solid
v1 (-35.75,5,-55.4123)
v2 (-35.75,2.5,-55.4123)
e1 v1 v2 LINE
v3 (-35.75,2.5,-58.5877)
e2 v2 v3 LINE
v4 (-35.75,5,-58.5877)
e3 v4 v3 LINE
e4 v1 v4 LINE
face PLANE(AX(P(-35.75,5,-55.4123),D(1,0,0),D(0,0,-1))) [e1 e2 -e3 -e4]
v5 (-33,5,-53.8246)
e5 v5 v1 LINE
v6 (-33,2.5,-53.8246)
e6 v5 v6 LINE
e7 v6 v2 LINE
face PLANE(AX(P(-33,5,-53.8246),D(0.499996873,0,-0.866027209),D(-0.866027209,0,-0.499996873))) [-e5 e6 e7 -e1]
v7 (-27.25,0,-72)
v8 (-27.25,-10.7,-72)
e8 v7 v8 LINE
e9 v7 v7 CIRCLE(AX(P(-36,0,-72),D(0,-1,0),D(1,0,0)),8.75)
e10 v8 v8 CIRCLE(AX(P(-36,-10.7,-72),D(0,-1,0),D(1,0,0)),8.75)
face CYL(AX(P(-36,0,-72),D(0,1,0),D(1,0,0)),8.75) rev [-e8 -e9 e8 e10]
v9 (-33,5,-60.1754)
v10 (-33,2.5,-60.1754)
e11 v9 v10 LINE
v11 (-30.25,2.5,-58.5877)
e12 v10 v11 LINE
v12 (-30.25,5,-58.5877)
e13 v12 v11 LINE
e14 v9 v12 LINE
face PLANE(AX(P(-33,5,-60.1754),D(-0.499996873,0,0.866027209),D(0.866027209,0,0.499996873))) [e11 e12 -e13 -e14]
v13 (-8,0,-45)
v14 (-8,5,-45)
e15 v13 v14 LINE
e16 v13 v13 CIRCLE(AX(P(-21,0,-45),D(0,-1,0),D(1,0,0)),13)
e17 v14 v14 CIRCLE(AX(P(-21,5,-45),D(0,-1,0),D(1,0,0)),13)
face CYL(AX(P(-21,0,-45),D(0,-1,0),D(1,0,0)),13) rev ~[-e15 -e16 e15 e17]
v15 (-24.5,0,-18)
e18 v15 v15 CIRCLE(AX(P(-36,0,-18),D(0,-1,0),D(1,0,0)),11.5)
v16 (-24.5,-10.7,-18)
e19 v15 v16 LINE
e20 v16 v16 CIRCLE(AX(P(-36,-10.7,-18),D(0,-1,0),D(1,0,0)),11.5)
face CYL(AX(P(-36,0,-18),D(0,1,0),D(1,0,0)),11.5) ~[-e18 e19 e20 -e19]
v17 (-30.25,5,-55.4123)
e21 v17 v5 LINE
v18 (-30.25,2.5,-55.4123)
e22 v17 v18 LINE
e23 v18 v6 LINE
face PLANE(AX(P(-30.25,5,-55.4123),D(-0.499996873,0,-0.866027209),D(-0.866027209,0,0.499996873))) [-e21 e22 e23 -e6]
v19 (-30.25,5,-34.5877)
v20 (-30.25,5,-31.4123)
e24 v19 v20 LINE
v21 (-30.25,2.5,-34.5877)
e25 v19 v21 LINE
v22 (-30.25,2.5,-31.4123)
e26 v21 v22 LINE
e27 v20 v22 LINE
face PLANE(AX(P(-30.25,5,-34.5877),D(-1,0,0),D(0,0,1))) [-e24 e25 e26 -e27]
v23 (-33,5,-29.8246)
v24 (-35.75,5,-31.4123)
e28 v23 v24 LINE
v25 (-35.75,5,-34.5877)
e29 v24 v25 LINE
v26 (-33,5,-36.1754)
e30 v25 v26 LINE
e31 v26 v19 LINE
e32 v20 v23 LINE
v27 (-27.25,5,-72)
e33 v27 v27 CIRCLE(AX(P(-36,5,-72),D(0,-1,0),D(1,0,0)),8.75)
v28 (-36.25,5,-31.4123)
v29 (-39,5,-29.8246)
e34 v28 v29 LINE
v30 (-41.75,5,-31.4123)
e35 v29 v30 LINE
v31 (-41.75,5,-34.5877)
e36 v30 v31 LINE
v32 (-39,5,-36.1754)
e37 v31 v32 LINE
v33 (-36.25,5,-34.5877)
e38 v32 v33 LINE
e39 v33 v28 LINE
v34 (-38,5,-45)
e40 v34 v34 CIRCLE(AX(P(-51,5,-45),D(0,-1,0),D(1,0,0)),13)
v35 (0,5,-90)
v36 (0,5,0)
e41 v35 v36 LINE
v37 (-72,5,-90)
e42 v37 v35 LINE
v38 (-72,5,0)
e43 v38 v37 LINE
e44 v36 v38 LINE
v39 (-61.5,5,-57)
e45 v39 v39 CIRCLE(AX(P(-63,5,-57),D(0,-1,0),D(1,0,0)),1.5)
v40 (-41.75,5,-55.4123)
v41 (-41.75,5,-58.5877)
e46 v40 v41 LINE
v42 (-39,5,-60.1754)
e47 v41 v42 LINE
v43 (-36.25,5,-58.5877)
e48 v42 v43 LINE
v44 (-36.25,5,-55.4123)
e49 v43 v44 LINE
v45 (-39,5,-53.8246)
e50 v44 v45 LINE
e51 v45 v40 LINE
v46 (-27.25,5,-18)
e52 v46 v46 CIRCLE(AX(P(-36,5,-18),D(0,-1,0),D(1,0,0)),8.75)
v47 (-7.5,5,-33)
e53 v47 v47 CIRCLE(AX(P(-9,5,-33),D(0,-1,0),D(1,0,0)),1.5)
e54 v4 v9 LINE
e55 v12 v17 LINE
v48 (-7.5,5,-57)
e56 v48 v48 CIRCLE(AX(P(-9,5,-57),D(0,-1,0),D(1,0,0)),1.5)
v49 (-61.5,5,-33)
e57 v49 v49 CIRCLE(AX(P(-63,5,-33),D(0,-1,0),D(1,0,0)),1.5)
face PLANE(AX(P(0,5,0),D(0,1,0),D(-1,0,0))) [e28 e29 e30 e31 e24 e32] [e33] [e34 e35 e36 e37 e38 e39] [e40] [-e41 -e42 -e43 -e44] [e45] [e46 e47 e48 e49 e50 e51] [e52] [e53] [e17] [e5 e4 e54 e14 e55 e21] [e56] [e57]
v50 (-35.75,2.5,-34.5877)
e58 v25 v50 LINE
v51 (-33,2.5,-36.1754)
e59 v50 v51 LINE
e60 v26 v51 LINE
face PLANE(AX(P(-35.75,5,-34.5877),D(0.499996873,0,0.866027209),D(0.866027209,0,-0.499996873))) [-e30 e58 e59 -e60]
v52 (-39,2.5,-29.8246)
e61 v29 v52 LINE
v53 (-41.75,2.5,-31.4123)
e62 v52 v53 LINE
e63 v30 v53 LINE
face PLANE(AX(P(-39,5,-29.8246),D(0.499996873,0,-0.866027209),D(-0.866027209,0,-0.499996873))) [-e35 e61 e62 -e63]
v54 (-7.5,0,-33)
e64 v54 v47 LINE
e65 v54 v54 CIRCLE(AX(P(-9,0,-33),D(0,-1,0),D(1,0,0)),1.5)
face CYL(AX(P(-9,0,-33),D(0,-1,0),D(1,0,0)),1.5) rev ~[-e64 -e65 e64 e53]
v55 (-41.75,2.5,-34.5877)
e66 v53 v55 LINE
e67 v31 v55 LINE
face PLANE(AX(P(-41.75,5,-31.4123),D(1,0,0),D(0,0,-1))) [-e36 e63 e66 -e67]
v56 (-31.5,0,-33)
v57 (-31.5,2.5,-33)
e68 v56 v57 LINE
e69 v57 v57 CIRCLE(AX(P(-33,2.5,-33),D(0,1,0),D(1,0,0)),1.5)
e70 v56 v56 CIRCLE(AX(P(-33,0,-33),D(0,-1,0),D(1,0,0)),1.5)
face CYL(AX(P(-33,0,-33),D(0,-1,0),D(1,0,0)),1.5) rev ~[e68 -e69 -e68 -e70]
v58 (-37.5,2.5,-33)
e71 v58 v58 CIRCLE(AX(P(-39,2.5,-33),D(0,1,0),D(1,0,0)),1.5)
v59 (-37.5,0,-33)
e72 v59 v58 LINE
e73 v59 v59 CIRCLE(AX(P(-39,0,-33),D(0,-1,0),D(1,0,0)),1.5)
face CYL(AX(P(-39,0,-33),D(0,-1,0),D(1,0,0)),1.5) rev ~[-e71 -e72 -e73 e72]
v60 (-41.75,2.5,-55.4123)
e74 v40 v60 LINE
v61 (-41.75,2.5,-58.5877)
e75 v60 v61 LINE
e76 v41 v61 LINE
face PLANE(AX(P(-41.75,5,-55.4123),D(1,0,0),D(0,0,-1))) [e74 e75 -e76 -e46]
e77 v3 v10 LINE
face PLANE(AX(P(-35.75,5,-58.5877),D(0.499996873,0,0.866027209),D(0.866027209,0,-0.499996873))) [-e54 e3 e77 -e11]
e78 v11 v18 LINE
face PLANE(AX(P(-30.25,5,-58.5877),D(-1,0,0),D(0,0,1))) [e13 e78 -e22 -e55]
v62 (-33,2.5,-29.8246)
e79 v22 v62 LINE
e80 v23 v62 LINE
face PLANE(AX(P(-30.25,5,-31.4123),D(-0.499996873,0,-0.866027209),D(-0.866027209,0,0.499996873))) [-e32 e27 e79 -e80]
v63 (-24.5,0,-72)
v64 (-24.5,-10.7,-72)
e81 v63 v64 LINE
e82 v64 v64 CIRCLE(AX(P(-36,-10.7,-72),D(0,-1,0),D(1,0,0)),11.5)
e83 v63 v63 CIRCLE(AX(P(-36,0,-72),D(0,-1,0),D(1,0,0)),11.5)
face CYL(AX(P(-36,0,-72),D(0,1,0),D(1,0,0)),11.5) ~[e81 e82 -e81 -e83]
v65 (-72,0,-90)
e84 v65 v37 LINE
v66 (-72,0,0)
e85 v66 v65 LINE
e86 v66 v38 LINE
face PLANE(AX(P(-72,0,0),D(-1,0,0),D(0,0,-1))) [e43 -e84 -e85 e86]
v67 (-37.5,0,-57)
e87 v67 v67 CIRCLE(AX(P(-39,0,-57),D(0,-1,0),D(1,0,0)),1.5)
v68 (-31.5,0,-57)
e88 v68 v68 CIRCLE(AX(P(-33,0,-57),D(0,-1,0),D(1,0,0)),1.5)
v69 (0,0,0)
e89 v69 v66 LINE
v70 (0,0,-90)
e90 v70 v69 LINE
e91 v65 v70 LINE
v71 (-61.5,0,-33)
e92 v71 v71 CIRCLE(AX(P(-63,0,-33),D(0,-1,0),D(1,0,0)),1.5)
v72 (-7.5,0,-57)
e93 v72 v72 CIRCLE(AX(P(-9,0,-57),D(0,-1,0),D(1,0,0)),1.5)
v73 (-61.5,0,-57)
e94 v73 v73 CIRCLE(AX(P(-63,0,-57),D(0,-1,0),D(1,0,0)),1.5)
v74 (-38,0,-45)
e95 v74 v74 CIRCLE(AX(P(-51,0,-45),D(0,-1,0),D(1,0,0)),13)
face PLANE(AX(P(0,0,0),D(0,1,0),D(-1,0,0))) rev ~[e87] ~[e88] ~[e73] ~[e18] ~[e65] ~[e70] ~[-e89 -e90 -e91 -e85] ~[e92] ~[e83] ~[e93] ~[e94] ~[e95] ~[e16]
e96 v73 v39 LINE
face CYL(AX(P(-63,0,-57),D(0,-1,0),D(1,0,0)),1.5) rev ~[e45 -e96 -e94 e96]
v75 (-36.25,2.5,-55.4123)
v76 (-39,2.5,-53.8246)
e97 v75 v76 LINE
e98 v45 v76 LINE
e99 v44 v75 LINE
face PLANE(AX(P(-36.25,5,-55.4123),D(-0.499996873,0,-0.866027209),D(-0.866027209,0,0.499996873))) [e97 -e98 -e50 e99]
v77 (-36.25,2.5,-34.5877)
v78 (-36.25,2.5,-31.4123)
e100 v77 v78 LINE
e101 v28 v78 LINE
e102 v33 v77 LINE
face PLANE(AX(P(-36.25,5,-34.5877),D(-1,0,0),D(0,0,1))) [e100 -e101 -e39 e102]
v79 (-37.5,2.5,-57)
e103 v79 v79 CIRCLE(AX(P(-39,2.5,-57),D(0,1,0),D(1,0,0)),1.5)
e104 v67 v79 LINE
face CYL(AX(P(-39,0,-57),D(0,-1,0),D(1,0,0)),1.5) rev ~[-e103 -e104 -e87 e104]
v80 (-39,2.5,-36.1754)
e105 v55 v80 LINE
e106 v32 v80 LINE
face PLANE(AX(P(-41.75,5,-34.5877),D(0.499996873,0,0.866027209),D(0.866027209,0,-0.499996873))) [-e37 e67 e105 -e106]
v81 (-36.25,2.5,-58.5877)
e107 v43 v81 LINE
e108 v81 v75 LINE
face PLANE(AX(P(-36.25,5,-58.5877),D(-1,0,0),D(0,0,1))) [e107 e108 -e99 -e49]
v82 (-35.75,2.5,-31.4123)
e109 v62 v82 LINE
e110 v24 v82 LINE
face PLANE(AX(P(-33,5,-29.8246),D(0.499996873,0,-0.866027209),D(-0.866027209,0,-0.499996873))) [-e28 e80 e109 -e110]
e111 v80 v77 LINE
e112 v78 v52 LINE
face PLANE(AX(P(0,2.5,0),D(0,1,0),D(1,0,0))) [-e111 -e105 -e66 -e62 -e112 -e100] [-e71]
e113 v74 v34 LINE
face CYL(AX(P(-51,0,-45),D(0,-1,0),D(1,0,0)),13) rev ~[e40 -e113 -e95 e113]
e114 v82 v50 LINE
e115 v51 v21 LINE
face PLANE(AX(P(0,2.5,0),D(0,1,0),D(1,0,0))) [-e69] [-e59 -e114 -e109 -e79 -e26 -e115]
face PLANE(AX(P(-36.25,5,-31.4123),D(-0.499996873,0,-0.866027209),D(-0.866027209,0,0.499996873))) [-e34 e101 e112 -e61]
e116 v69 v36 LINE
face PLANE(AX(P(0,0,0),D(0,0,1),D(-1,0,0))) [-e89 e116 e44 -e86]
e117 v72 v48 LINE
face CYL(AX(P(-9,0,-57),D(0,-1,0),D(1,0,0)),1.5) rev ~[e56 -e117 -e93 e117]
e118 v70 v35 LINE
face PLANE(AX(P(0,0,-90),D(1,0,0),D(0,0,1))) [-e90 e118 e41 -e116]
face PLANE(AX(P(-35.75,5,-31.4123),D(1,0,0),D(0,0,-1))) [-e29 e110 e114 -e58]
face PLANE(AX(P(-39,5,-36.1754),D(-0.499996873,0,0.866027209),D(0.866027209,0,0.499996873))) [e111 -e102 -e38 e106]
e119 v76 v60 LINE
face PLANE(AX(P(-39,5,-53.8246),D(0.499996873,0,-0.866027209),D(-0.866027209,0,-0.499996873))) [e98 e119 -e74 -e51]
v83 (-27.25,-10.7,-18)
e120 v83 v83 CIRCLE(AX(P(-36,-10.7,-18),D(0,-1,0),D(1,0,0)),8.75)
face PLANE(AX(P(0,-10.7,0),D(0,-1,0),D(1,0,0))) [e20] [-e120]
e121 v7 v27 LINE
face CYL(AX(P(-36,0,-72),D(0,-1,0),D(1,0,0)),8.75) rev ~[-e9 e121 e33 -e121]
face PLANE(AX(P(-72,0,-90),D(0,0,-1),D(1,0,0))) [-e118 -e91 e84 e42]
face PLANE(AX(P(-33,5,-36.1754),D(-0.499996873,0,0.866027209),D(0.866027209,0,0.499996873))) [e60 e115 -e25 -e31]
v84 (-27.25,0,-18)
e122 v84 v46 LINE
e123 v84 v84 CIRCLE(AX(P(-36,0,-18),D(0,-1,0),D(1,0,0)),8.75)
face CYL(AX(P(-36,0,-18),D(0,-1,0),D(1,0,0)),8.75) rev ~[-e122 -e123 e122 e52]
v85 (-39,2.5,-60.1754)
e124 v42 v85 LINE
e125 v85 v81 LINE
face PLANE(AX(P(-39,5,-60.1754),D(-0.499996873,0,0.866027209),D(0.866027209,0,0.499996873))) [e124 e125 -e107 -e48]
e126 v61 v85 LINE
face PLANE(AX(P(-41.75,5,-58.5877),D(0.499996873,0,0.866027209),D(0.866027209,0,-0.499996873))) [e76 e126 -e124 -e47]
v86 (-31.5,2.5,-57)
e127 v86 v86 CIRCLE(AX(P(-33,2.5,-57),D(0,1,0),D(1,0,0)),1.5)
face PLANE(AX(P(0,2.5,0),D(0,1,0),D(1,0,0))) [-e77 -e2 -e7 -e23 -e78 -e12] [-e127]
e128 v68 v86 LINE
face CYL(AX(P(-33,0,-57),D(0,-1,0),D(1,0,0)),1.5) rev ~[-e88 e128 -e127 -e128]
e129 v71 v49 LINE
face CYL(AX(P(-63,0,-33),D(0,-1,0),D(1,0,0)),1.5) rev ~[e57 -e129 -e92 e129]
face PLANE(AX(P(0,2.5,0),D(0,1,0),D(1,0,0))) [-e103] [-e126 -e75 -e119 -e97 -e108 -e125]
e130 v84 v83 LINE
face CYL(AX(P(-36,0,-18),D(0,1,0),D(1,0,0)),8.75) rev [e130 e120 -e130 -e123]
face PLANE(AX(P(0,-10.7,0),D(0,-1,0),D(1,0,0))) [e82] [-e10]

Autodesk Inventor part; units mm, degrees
ref_plane "YZ Plane" through (0, 0, 0) normal (1, 0, 0) x (0, 1, 0)
ref_plane "XZ Plane" through (0, 0, 0) normal (0, 1, 0) x (-1, 0, 0)
ref_plane "XY Plane" through (0, 0, 0) normal (0, 0, 1) x (1, 0, 0)
sketch "Sketch1" plane through (0, 0, 0) normal (0, 1, 0) x (-1, 0, 0)
  line L0 (0, 0) -> (72, 0)
  line L1 (72, 0) -> (72, -90)
  line L2 (72, -90) -> (0, -90)
  line L3 (0, -90) -> (0, 0)
  dimension "d0" = 72
  dimension "d1" = 90
extrude "Extrusion1" add sketch "Sketch1" along normal blind 5
sketch "Sketch2" plane through (0, 0, 0) normal (0, -1, 0) x (1, 0, 0)
  line L0 (-72, 0) -> (-72, -90) projected
  line L1 (-72, -90) -> (0, -90) projected
  circle A0 centre (-36, -72) radius 8.75
  circle A1 centre (-36, -18) radius 8.75
  circle A2 centre (-36, -18) radius 11.5
  circle A3 centre (-36, -72) radius 11.5
  dimension "d4" = 17.5
  dimension "d5" = 23
  dimension "d6" = 54
  dimension "d7" = 18
  dimension "d8" = 36
extrude "Extrusion2" add sketch "Sketch2" along normal blind 10.7
sketch "Sketch3" plane through (-36, 0, -18) normal (0, -1, 0) x (1, 0, 0)
  circle A0 centre (0, 0) radius 8.75 projected
  circle A1 centre (0, -54) radius 8.75 projected
  point P0 (36, 18)
extrude "Extrusion3" cut sketch "Sketch3" against normal up to surface (5 mm away)
sketch "Sketch4" plane through (0, 0, 0) normal (0, -1, 0) x (1, 0, 0)
  line L0 (0, 0) -> (-72, 0) projected
  line L1 (-72, 0) -> (-72, -90) projected
  line L2 (0, -90) -> (0, 0) projected
  circle A0 centre (-21, -45) radius 13
  circle A1 centre (-51, -45) radius 13
  dimension "d14" = 26
  dimension "d16" = 21
  dimension "d17" = 21
  dimension "d18" = 45
extrude "Extrusion4" cut sketch "Sketch4" against normal up to surface (5 mm away)
sketch "Sketch5" plane through (0, 0, 0) normal (0, -1, 0) x (1, 0, 0)
  circle A0 centre (-21, -45) radius 13 projected
  circle A1 centre (-51, -45) radius 13 projected
  circle A2 centre (-9, -57) radius 1.5
  circle A3 centre (-9, -33) radius 1.5
  circle A4 centre (-33, -57) radius 1.5
  circle A5 centre (-33, -33) radius 1.5
  circle A6 centre (-39, -33) radius 1.5
  circle A7 centre (-39, -57) radius 1.5
  circle A8 centre (-63, -57) radius 1.5
  circle A9 centre (-63, -33) radius 1.5
  dimension "d21" = 3
  dimension "d22" = 24
  dimension "d23" = 24
  dimension "d24" = 24
  dimension "d25" = 12
  dimension "d26" = 12
  dimension "d27" = 12
extrude "Extrusion5" cut sketch "Sketch5" against normal up to surface (5 mm away) contours A2 | A3 | A4 | A5 | A6 | A7 | A8 | A9
sketch "Sketch6" plane through (0, 5, 0) normal (0, 1, 0) x (1, 0, 0)
  circle A0 centre (-39, 57) radius 1.5 projected
  circle A1 centre (-33, 33) radius 1.5 projected
  circle A2 centre (-33, 57) radius 1.5 projected
  circle A3 centre (-39, 33) radius 1.5 projected
  line L0 (-39, 60.1754) -> (-36.25, 58.5877)
  line L1 (-36.25, 58.5877) -> (-36.25, 55.4123)
  line L2 (-36.25, 55.4123) -> (-39, 53.8246)
  line L3 (-39, 53.8246) -> (-41.75, 55.4123)
  line L4 (-41.75, 55.4123) -> (-41.75, 58.5877)
  line L5 (-41.75, 58.5877) -> (-39, 60.1754)
  line L6 (-39, 36.1754) -> (-36.25, 34.5877)
  line L7 (-36.25, 34.5877) -> (-36.25, 31.4123)
  line L8 (-36.25, 31.4123) -> (-39, 29.8246)
  line L9 (-39, 29.8246) -> (-41.75, 31.4123)
  line L10 (-41.75, 31.4123) -> (-41.75, 34.5877)
  line L11 (-41.75, 34.5877) -> (-39, 36.1754)
  line L12 (-33, 36.1754) -> (-30.25, 34.5877)
  line L13 (-30.25, 34.5877) -> (-30.25, 31.4123)
  line L14 (-30.25, 31.4123) -> (-33, 29.8246)
  line L15 (-33, 29.8246) -> (-35.75, 31.4123)
  line L16 (-35.75, 31.4123) -> (-35.75, 34.5877)
  line L17 (-35.75, 34.5877) -> (-33, 36.1754)
  line L18 (-33, 60.1754) -> (-30.25, 58.5877)
  line L19 (-30.25, 58.5877) -> (-30.25, 55.4123)
  line L20 (-30.25, 55.4123) -> (-33, 53.8246)
  line L21 (-33, 53.8246) -> (-35.75, 55.4123)
  line L22 (-35.75, 55.4123) -> (-35.75, 58.5877)
  line L23 (-35.75, 58.5877) -> (-33, 60.1754)
  dimension "d30" = 5.5
extrude "Extrusion6" cut sketch "Sketch6" against normal blind 2.5
properties part number "XCarriageV9Top" material "ABS Plastic"
